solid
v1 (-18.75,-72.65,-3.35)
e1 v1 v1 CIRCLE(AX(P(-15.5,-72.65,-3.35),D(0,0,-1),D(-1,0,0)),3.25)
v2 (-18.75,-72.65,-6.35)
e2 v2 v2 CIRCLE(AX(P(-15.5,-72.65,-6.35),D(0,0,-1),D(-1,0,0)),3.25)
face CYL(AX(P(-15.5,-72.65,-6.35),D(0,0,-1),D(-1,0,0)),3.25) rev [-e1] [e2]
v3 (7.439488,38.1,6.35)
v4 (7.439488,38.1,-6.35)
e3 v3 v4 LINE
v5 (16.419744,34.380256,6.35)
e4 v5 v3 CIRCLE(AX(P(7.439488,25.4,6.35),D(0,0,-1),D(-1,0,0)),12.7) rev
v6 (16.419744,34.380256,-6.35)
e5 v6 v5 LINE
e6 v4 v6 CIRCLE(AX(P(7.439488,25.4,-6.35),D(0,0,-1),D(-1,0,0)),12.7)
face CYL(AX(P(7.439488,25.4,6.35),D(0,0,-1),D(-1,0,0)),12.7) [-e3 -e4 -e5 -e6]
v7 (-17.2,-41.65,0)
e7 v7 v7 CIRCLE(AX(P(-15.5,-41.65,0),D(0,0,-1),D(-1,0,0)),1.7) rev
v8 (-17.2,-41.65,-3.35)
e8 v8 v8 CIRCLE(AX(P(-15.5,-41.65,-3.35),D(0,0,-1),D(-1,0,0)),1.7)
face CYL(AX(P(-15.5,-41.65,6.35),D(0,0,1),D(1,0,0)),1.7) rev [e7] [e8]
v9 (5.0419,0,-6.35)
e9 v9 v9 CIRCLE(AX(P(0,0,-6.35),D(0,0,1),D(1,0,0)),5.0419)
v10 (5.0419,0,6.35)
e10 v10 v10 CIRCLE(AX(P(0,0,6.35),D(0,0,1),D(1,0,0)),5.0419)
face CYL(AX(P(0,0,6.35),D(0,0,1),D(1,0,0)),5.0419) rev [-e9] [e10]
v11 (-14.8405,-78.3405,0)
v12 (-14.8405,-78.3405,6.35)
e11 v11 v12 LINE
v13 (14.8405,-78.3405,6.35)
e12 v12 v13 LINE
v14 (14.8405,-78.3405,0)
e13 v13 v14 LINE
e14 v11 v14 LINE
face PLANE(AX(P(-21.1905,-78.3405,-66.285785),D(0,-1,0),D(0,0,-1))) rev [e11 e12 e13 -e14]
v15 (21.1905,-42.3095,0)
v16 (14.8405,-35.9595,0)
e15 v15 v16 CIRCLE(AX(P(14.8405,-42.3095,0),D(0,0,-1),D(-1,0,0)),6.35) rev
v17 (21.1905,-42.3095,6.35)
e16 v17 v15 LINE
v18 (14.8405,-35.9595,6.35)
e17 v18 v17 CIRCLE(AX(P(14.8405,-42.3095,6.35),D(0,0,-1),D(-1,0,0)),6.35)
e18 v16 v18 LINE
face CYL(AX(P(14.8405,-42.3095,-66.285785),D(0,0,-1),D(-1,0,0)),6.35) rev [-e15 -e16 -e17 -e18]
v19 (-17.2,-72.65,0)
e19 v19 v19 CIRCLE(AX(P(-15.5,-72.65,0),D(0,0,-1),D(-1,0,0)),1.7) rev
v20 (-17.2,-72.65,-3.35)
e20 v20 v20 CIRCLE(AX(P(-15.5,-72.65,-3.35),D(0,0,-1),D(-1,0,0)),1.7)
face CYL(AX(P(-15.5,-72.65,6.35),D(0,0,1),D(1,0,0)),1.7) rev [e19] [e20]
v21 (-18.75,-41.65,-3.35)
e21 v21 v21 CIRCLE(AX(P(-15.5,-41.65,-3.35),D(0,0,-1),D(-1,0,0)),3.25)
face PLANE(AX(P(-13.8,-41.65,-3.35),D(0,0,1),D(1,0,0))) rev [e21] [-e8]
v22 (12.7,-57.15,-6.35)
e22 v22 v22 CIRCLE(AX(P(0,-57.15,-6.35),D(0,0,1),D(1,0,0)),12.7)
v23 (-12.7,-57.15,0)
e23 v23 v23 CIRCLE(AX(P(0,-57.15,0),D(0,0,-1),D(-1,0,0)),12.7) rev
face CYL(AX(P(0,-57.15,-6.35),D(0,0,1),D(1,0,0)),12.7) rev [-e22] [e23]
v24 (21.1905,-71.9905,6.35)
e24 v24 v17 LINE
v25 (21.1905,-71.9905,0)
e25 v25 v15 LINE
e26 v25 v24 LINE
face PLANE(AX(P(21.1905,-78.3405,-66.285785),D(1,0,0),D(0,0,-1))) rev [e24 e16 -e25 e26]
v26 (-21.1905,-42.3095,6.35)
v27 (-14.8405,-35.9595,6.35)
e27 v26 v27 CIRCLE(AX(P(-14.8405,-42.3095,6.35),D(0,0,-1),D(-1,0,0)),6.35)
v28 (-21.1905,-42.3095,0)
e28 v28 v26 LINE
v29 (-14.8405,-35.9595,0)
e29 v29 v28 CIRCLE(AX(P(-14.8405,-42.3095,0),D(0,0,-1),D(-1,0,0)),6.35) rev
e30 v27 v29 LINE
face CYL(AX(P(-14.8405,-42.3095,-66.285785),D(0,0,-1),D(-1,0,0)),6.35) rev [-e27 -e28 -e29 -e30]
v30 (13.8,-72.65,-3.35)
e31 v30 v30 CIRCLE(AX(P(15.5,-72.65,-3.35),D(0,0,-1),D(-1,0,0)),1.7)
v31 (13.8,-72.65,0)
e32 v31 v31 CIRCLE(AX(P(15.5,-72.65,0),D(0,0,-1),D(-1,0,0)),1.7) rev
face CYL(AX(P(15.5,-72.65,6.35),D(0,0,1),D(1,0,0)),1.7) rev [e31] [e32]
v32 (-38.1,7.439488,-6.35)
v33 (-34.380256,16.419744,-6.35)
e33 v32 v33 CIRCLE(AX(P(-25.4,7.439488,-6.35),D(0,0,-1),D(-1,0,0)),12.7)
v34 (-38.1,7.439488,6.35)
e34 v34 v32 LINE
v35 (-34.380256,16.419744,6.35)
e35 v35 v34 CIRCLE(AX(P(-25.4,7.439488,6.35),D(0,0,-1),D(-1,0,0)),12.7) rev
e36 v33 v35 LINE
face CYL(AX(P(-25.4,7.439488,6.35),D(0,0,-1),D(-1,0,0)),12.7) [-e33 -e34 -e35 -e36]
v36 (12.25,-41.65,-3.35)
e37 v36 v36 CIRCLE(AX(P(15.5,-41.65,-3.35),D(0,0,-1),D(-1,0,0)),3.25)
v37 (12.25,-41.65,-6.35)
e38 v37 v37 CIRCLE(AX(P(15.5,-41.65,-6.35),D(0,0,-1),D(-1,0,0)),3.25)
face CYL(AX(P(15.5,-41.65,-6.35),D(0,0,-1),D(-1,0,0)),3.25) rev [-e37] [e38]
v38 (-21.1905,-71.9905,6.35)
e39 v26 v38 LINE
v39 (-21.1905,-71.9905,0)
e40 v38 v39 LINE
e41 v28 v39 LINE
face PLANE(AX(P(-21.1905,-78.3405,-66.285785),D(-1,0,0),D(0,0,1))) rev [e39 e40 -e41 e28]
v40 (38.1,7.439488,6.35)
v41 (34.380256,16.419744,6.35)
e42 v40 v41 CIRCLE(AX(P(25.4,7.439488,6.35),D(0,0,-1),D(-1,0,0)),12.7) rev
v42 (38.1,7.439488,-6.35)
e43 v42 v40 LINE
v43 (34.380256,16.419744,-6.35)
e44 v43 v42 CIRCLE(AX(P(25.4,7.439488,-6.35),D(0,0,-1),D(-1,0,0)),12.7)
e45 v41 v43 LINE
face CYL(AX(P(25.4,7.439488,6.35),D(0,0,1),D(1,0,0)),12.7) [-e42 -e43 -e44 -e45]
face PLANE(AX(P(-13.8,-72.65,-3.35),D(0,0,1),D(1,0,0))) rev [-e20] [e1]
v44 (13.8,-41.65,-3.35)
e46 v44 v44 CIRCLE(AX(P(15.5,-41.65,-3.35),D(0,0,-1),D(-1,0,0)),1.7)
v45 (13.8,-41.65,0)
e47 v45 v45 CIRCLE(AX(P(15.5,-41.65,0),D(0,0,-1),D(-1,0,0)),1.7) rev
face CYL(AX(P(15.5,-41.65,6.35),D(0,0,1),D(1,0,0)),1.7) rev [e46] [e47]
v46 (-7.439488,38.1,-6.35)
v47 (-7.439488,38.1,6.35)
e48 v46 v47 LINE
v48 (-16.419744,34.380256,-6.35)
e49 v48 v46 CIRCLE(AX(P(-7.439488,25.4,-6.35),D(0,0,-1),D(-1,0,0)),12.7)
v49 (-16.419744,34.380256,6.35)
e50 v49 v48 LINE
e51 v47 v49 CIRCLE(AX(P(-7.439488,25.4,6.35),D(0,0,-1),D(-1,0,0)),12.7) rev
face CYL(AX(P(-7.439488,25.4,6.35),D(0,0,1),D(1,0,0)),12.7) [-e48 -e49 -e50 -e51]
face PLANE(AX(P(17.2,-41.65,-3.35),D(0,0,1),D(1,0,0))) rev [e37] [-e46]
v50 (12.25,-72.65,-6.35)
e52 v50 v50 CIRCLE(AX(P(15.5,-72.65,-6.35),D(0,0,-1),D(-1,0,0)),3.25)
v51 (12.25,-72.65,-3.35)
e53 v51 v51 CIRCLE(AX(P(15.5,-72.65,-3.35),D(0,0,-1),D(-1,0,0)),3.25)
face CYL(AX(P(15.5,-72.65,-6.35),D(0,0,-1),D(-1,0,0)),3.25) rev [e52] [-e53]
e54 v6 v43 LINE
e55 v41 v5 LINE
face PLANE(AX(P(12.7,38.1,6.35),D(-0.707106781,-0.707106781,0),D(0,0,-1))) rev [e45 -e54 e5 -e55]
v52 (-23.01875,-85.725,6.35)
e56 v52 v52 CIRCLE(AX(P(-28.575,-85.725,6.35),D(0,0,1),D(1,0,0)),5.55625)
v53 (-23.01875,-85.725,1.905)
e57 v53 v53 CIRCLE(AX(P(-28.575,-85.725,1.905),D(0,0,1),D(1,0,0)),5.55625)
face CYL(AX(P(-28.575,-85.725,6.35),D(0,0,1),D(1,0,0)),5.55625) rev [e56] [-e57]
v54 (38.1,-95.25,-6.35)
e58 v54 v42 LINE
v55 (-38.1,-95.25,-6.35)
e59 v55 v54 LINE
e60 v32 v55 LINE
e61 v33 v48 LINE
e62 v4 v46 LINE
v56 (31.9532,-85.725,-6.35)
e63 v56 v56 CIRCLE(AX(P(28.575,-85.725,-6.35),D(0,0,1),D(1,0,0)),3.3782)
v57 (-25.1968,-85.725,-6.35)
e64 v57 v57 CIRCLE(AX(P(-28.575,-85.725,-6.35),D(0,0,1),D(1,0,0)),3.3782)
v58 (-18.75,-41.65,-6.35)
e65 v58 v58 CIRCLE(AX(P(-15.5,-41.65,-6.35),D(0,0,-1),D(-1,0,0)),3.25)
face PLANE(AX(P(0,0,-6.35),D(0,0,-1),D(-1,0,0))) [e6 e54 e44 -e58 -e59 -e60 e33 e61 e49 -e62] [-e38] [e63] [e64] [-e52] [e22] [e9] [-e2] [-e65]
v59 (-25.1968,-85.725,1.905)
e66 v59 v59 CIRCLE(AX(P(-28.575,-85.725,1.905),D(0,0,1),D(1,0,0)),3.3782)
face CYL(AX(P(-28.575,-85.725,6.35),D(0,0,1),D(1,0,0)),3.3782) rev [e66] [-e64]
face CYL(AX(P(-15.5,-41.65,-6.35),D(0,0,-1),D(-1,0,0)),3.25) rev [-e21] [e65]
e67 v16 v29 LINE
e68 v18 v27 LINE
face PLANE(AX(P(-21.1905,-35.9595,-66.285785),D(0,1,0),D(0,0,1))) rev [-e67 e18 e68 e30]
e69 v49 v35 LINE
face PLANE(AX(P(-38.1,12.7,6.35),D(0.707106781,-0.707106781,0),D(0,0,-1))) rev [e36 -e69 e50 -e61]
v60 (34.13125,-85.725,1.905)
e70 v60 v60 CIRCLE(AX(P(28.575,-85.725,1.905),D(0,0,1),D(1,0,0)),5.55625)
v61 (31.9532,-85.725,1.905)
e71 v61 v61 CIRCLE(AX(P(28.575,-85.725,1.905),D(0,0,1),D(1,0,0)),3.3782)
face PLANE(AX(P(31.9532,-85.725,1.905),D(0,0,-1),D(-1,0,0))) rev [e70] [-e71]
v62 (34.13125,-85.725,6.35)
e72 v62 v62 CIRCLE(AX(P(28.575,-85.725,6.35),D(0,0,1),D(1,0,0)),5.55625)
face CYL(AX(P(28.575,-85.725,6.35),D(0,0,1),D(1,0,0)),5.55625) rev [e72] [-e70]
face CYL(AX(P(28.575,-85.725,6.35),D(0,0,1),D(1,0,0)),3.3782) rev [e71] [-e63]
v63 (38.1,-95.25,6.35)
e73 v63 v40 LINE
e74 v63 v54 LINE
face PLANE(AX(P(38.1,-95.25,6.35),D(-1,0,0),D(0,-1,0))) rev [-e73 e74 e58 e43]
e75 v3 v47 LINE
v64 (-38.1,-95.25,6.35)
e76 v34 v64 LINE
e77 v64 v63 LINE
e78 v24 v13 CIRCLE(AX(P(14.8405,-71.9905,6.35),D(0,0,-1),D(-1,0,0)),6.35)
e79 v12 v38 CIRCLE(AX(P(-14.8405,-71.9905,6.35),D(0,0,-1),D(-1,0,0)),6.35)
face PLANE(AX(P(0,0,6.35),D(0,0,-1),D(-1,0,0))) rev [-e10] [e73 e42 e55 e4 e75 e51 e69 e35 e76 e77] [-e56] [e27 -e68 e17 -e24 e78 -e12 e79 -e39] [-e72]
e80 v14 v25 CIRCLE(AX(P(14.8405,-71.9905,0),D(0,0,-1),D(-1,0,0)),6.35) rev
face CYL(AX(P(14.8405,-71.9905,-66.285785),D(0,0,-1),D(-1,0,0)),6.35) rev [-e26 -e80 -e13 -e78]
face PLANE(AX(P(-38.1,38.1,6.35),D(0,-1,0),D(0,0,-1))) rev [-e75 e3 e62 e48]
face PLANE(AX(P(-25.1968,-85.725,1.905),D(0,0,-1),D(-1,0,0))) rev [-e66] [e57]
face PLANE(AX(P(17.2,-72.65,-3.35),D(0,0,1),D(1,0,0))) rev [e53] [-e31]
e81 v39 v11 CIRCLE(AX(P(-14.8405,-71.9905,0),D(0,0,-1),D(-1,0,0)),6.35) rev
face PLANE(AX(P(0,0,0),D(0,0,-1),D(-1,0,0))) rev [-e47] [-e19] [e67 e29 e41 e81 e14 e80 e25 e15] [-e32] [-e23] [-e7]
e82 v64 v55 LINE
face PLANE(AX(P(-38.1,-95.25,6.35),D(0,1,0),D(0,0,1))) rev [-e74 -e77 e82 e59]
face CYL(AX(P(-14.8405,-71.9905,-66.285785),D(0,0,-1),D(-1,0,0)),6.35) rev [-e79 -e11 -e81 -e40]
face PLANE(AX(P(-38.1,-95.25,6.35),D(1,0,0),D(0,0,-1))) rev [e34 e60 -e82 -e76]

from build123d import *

# Parameters (mm, degrees)
SKETCH2_W                                        = 76.2
SKETCH2_H                                        = 133.35
BOSS_EXTRUDE1_DEPTH                              = 6.35
F_3_8_CLEARANCE_HOLE1_D                          = 10.0838
M3_CLEARANCE_HOLE1_D                             = 3.4
SKETCH13_R                                       = 12.7
CUT_EXTRUDE2_DEPTH                               = 13.7
SKETCH14_W                                       = 42.381000074
SKETCH14_H                                       = 42.381000074
CUT_EXTRUDE3_DEPTH                               = 6.35
CHAMFER1_SIZE                                    = 25.4
CBORE_FOR_1_4_SOCKET_HEAD_CAP_SCREW1_D           = 6.7564
CBORE_FOR_1_4_SOCKET_HEAD_CAP_SCREW1_CBORE_D     = 11.1125
CBORE_FOR_1_4_SOCKET_HEAD_CAP_SCREW1_CBORE_DEPTH = 4.445
CBORE_FOR_M3_SHCS1_D                             = 3.4
CBORE_FOR_M3_SHCS1_CBORE_D                       = 6.5
CBORE_FOR_M3_SHCS1_CBORE_DEPTH                   = 3
FILLET1_R                                        = 6.35
FILLET2_R                                        = 12.7


with BuildPart() as part:
    # Sketch2 → Boss-Extrude1 (new body, symmetric)
    with BuildSketch(Plane.XY):
        with Locations((0, -28.575)):
            Rectangle(SKETCH2_W, SKETCH2_H)
    extrude(amount=BOSS_EXTRUDE1_DEPTH, both=True)

    # 3/8 Clearance Hole1 (through all)
    with Locations(Plane.XY.offset(6.35)):
        with Locations((0, 0)):
            Hole(F_3_8_CLEARANCE_HOLE1_D / 2)

    # M3 Clearance Hole1 (through all)
    with Locations(Plane.XY.offset(6.35)):
        with Locations((-15.5, -41.65), (15.5, -41.65), (15.5, -72.65), (-15.5, -72.65)):
            Hole(M3_CLEARANCE_HOLE1_D / 2)

    # Sketch13 → Cut-Extrude2 (cut, through all)
    with BuildSketch(Plane.XY.offset(6.35)):
        with Locations((0, -57.15)):
            Circle(SKETCH13_R)
    extrude(amount=-CUT_EXTRUDE2_DEPTH, mode=Mode.SUBTRACT)

    # Sketch14 → Cut-Extrude3 (cut)
    with BuildSketch(Plane.XY.offset(6.35)):
        with Locations((0, -57.15)):
            Rectangle(SKETCH14_W, SKETCH14_H)
    extrude(amount=-CUT_EXTRUDE3_DEPTH, mode=Mode.SUBTRACT)

    # Chamfer1
    chamfer1_edges = [part.edges().sort_by_distance(p)[0] for p in [
        (-38.1, 38.1, 0),
        (38.1, 38.1, 0),
    ]]
    chamfer(chamfer1_edges, length=CHAMFER1_SIZE)

    # CBORE for 1/4 Socket Head Cap Screw1 (through all)
    with Locations(Plane.XY.offset(6.35)):
        with Locations((-28.575, -85.725), (28.575, -85.725)):
            CounterBoreHole(CBORE_FOR_1_4_SOCKET_HEAD_CAP_SCREW1_D / 2, CBORE_FOR_1_4_SOCKET_HEAD_CAP_SCREW1_CBORE_D / 2, CBORE_FOR_1_4_SOCKET_HEAD_CAP_SCREW1_CBORE_DEPTH)

    # CBORE for M3 SHCS1 (through all)
    with Locations(Plane(origin=(0, 0, -6.35), x_dir=(-1, 0, 0), z_dir=(0, 0, -1))):
        with Locations((-15.5, -41.65), (15.5, -41.65), (15.5, -72.65), (-15.5, -72.65)):
            CounterBoreHole(CBORE_FOR_M3_SHCS1_D / 2, CBORE_FOR_M3_SHCS1_CBORE_D / 2, CBORE_FOR_M3_SHCS1_CBORE_DEPTH)

    # Fillet1
    fillet1_edges = [part.edges().sort_by_distance(p)[0] for p in [
        (-21.190500037, -35.959499963, 3.175),
        (-21.190500037, -78.340500037, 3.175),
        (21.190500037, -78.340500037, 3.175),
        (21.190500037, -35.959499963, 3.175),
    ]]
    fillet(fillet1_edges, radius=FILLET1_R)

    # Fillet2
    fillet2_edges = [part.edges().sort_by_distance(p)[0] for p in [
        (-12.7, 38.1, 0),
        (12.7, 38.1, 0),
        (38.1, 12.7, 0),
        (-38.1, 12.7, 0),
    ]]
    fillet(fillet2_edges, radius=FILLET2_R)


solid = part.part
